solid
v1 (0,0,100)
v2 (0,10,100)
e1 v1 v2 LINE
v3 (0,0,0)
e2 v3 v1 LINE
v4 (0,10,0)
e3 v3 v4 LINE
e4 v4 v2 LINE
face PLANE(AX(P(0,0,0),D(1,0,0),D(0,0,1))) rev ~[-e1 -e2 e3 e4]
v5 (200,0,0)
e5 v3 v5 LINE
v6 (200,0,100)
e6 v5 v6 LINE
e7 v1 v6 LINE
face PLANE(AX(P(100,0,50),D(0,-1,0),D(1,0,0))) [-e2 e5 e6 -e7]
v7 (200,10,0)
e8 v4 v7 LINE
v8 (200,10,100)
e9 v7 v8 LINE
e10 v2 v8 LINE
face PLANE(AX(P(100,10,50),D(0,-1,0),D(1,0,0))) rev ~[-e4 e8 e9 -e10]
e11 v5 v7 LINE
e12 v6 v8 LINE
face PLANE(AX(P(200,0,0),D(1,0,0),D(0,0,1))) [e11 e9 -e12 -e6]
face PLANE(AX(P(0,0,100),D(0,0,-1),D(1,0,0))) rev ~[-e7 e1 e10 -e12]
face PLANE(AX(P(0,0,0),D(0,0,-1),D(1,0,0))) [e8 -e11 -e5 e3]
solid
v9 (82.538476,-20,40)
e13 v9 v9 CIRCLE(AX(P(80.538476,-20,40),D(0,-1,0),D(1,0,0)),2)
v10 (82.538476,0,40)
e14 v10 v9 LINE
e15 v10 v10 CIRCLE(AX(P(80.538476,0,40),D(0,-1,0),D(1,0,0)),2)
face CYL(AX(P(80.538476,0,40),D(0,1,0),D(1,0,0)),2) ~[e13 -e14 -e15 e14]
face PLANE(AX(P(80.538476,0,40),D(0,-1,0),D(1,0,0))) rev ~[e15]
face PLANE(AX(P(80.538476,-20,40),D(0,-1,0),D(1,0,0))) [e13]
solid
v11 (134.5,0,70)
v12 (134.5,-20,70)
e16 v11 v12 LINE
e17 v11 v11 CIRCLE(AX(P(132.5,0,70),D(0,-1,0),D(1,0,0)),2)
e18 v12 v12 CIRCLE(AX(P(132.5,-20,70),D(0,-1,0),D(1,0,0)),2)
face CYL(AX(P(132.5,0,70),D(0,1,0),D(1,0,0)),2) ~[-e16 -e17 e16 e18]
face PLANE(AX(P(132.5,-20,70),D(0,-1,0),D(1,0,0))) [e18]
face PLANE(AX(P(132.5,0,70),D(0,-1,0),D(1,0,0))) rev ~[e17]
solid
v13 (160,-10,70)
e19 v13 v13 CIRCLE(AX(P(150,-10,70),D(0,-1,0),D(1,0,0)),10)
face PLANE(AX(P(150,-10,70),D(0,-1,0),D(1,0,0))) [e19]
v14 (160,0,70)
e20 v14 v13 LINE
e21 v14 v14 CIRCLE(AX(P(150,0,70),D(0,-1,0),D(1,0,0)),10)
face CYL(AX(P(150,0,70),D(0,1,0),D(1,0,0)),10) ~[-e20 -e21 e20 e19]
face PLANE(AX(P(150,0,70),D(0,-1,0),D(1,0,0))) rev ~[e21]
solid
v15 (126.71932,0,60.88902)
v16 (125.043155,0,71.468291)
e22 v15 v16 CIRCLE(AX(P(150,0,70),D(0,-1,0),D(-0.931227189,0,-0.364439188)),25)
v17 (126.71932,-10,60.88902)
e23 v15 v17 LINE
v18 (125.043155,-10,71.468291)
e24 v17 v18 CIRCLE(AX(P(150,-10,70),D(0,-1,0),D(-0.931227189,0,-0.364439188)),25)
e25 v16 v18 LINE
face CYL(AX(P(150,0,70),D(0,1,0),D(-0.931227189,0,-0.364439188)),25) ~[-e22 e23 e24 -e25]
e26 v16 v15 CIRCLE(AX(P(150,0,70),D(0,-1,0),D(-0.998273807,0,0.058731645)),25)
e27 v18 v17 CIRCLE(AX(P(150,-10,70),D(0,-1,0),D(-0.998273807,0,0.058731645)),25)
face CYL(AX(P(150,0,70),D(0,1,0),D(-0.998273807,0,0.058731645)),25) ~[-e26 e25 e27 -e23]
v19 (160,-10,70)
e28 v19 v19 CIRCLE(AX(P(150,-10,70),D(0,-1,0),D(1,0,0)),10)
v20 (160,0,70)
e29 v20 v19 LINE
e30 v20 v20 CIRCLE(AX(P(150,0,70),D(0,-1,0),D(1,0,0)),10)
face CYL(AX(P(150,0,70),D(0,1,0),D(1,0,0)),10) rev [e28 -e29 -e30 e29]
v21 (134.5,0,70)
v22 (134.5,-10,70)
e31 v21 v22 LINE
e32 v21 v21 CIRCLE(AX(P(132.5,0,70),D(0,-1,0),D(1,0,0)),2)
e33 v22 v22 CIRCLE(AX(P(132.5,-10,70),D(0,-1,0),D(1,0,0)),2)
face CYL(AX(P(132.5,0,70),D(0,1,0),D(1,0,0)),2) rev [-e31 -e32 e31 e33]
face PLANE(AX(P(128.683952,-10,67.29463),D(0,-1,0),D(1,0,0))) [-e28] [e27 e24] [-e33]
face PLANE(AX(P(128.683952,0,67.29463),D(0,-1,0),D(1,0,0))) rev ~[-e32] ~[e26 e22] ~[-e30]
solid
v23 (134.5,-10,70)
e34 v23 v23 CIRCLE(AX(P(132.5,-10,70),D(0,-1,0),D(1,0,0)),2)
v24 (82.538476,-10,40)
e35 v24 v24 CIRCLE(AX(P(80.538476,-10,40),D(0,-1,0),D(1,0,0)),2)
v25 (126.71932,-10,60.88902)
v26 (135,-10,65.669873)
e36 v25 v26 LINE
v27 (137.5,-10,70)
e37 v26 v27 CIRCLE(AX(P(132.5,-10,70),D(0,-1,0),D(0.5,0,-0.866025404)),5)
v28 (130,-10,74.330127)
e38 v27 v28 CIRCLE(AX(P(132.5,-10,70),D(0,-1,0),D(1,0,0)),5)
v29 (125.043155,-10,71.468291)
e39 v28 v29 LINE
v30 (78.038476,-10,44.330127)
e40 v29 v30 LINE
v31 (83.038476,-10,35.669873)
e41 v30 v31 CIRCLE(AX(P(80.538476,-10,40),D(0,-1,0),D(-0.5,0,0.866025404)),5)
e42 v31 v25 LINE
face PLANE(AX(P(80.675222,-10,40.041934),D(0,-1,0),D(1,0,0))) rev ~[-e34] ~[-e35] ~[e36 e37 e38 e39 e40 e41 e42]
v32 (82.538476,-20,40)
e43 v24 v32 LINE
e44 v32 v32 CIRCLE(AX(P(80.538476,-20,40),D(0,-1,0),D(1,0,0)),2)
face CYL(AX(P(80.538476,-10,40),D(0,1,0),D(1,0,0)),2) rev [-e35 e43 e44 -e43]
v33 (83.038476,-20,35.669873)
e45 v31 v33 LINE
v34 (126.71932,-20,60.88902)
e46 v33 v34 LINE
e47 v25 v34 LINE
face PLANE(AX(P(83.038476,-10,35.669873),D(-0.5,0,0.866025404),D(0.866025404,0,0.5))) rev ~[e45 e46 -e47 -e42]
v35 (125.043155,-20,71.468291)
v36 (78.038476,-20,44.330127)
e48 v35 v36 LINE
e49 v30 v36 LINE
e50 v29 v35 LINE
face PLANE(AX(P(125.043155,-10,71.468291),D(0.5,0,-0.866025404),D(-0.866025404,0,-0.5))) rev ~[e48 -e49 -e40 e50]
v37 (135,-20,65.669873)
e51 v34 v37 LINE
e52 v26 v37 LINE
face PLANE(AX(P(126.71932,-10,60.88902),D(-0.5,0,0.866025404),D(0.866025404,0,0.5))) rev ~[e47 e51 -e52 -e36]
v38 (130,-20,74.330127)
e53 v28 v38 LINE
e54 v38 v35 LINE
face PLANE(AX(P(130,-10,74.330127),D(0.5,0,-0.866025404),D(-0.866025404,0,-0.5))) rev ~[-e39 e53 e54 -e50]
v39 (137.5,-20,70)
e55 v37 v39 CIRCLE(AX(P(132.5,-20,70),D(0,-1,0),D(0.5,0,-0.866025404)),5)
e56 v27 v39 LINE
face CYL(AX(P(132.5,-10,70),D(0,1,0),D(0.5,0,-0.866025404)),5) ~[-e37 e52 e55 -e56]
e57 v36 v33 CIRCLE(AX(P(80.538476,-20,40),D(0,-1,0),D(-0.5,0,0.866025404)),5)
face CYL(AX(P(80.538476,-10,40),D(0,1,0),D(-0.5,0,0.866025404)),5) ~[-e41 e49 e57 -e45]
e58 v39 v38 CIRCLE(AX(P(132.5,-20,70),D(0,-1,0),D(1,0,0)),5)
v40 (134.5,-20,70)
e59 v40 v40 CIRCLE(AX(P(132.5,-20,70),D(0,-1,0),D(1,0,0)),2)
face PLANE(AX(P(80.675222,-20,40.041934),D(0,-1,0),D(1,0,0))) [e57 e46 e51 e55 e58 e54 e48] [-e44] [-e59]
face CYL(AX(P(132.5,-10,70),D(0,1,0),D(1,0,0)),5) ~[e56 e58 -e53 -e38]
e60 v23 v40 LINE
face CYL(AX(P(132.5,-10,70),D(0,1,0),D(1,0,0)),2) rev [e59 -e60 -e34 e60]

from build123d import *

# Parameters (mm, degrees)
F0_W     = 200
F0_H     = 100
F0_R     = 10
F0_R_2   = 2
F1_DEPTH = 10
F2_DEPTH = 10
F3_START = 10
F3_DEPTH = 10
F4_DEPTH = 10
F5_DEPTH = 20
F6_DEPTH = 20


with BuildPart() as f1:
    # F0 (on Front) → F1 (new body)
    with BuildSketch(Plane.XZ):
        with Locations((100, 50)):
            Rectangle(F0_W, F0_H)
        with BuildLine():
            ThreePointArc((125.0431548231, 71.4682911217), (150.7344625853, 94.9892089653), (175, 70))
            ThreePointArc((175, 70), (154.6358929332, 45.4335900728), (126.7193202631, 60.8890203059))
            Line((126.7193202631, 60.8890203059), (83.0384757729, 35.6698729811))
            ThreePointArc((83.0384757729, 35.6698729811), (76.208348754, 37.5), (78.0384757729, 44.3301270189))
            Line((78.0384757729, 44.3301270189), (125.0431548231, 71.4682911217))
        make_face(mode=Mode.SUBTRACT)
        with BuildLine():
            ThreePointArc((126.7193202631, 60.8890203059), (154.6358929332, 45.4335900728), (175, 70))
            ThreePointArc((175, 70), (150.7344625853, 94.9892089653), (125.0431548231, 71.4682911217))
            Line((125.0431548231, 71.4682911217), (130, 74.3301270189))
            ThreePointArc((130, 74.3301270189), (135, 74.3301270189), (137.5, 70))
            ThreePointArc((137.5, 70), (136.8301270189, 67.5), (135, 65.6698729811))
            Line((135, 65.6698729811), (126.7193202631, 60.8890203059))
        make_face()
        with Locations((150, 70)):
            Circle(F0_R, mode=Mode.SUBTRACT)
        with BuildLine():
            ThreePointArc((126.7193202631, 60.8890203059), (125.3079983557, 66.0878324679), (125.0431548231, 71.4682911217))
            Line((125.0431548231, 71.4682911217), (78.0384757729, 44.3301270189))
            ThreePointArc((78.0384757729, 44.3301270189), (83.0384757729, 44.3301270189), (85.5384757729, 40))
            ThreePointArc((85.5384757729, 40), (84.8686027919, 37.5), (83.0384757729, 35.6698729811))
            Line((83.0384757729, 35.6698729811), (126.7193202631, 60.8890203059))
        make_face()
        with BuildLine():
            ThreePointArc((85.5384757729, 40), (83.0384757729, 44.3301270189), (78.0384757729, 44.3301270189))
            ThreePointArc((78.0384757729, 44.3301270189), (76.208348754, 37.5), (83.0384757729, 35.6698729811))
            ThreePointArc((83.0384757729, 35.6698729811), (84.8686027919, 37.5), (85.5384757729, 40))
        make_face()
        with Locations((80.5384757729, 40)):
            Circle(F0_R_2, mode=Mode.SUBTRACT)
        with BuildLine():
            Line((130, 74.3301270189), (125.0431548231, 71.4682911217))
            ThreePointArc((125.0431548231, 71.4682911217), (125.3079983557, 66.0878324679), (126.7193202631, 60.8890203059))
            Line((126.7193202631, 60.8890203059), (135, 65.6698729811))
            ThreePointArc((135, 65.6698729811), (128.1698729811, 67.5), (130, 74.3301270189))
        make_face()
        with Locations((150, 70)):
            Circle(F0_R)
        with Locations((80.5384757729, 40)):
            Circle(F0_R_2)
        with BuildLine():
            ThreePointArc((137.5, 70), (135, 74.3301270189), (130, 74.3301270189))
            ThreePointArc((130, 74.3301270189), (128.1698729811, 67.5), (135, 65.6698729811))
            ThreePointArc((135, 65.6698729811), (136.8301270189, 67.5), (137.5, 70))
        make_face()
        with Locations((132.5, 70)):
            Circle(F0_R_2, mode=Mode.SUBTRACT)
        with Locations((132.5, 70)):
            Circle(F0_R_2)
    extrude(amount=-F1_DEPTH)


with BuildPart() as f2:
    # F0 (on Front) → F2 (new body)
    with BuildSketch(Plane.XZ):
        with BuildLine():
            Line((130, 74.3301270189), (125.0431548231, 71.4682911217))
            ThreePointArc((125.0431548231, 71.4682911217), (125.3079983557, 66.0878324679), (126.7193202631, 60.8890203059))
            Line((126.7193202631, 60.8890203059), (135, 65.6698729811))
            ThreePointArc((135, 65.6698729811), (128.1698729811, 67.5), (130, 74.3301270189))
        make_face()
        with BuildLine():
            ThreePointArc((137.5, 70), (135, 74.3301270189), (130, 74.3301270189))
            ThreePointArc((130, 74.3301270189), (128.1698729811, 67.5), (135, 65.6698729811))
            ThreePointArc((135, 65.6698729811), (136.8301270189, 67.5), (137.5, 70))
        make_face()
        with Locations((132.5, 70)):
            Circle(F0_R_2, mode=Mode.SUBTRACT)
        with BuildLine():
            ThreePointArc((126.7193202631, 60.8890203059), (154.6358929332, 45.4335900728), (175, 70))
            ThreePointArc((175, 70), (150.7344625853, 94.9892089653), (125.0431548231, 71.4682911217))
            Line((125.0431548231, 71.4682911217), (130, 74.3301270189))
            ThreePointArc((130, 74.3301270189), (135, 74.3301270189), (137.5, 70))
            ThreePointArc((137.5, 70), (136.8301270189, 67.5), (135, 65.6698729811))
            Line((135, 65.6698729811), (126.7193202631, 60.8890203059))
        make_face()
        with Locations((150, 70)):
            Circle(F0_R, mode=Mode.SUBTRACT)
    extrude(amount=F2_DEPTH)


with BuildPart() as f3:
    # F0 (on Front) → F3 (new body)
    with BuildSketch(Plane.XZ.offset(F3_START)):
        with BuildLine():
            ThreePointArc((85.5384757729, 40), (83.0384757729, 44.3301270189), (78.0384757729, 44.3301270189))
            ThreePointArc((78.0384757729, 44.3301270189), (76.208348754, 37.5), (83.0384757729, 35.6698729811))
            ThreePointArc((83.0384757729, 35.6698729811), (84.8686027919, 37.5), (85.5384757729, 40))
        make_face()
        with Locations((80.5384757729, 40)):
            Circle(F0_R_2, mode=Mode.SUBTRACT)
        with BuildLine():
            ThreePointArc((126.7193202631, 60.8890203059), (125.3079983557, 66.0878324679), (125.0431548231, 71.4682911217))
            Line((125.0431548231, 71.4682911217), (78.0384757729, 44.3301270189))
            ThreePointArc((78.0384757729, 44.3301270189), (83.0384757729, 44.3301270189), (85.5384757729, 40))
            ThreePointArc((85.5384757729, 40), (84.8686027919, 37.5), (83.0384757729, 35.6698729811))
            Line((83.0384757729, 35.6698729811), (126.7193202631, 60.8890203059))
        make_face()
        with BuildLine():
            ThreePointArc((137.5, 70), (135, 74.3301270189), (130, 74.3301270189))
            ThreePointArc((130, 74.3301270189), (128.1698729811, 67.5), (135, 65.6698729811))
            ThreePointArc((135, 65.6698729811), (136.8301270189, 67.5), (137.5, 70))
        make_face()
        with Locations((132.5, 70)):
            Circle(F0_R_2, mode=Mode.SUBTRACT)
        with BuildLine():
            Line((130, 74.3301270189), (125.0431548231, 71.4682911217))
            ThreePointArc((125.0431548231, 71.4682911217), (125.3079983557, 66.0878324679), (126.7193202631, 60.8890203059))
            Line((126.7193202631, 60.8890203059), (135, 65.6698729811))
            ThreePointArc((135, 65.6698729811), (128.1698729811, 67.5), (130, 74.3301270189))
        make_face()
    extrude(amount=F3_DEPTH)


with BuildPart() as f4:
    # F0 (on Front) → F4 (new body)
    with BuildSketch(Plane.XZ):
        with Locations((150, 70)):
            Circle(F0_R)
    extrude(amount=F4_DEPTH)


with BuildPart() as f5:
    # F0 (on Front) → F5 (new body)
    with BuildSketch(Plane.XZ):
        with Locations((80.5384757729, 40)):
            Circle(F0_R_2)
    extrude(amount=F5_DEPTH)


with BuildPart() as f6:
    # F0 (on Front) → F6 (new body)
    with BuildSketch(Plane.XZ):
        with Locations((132.5, 70)):
            Circle(F0_R_2)
    extrude(amount=F6_DEPTH)


solid = Compound([f1.part, f2.part, f3.part, f4.part, f5.part, f6.part])
